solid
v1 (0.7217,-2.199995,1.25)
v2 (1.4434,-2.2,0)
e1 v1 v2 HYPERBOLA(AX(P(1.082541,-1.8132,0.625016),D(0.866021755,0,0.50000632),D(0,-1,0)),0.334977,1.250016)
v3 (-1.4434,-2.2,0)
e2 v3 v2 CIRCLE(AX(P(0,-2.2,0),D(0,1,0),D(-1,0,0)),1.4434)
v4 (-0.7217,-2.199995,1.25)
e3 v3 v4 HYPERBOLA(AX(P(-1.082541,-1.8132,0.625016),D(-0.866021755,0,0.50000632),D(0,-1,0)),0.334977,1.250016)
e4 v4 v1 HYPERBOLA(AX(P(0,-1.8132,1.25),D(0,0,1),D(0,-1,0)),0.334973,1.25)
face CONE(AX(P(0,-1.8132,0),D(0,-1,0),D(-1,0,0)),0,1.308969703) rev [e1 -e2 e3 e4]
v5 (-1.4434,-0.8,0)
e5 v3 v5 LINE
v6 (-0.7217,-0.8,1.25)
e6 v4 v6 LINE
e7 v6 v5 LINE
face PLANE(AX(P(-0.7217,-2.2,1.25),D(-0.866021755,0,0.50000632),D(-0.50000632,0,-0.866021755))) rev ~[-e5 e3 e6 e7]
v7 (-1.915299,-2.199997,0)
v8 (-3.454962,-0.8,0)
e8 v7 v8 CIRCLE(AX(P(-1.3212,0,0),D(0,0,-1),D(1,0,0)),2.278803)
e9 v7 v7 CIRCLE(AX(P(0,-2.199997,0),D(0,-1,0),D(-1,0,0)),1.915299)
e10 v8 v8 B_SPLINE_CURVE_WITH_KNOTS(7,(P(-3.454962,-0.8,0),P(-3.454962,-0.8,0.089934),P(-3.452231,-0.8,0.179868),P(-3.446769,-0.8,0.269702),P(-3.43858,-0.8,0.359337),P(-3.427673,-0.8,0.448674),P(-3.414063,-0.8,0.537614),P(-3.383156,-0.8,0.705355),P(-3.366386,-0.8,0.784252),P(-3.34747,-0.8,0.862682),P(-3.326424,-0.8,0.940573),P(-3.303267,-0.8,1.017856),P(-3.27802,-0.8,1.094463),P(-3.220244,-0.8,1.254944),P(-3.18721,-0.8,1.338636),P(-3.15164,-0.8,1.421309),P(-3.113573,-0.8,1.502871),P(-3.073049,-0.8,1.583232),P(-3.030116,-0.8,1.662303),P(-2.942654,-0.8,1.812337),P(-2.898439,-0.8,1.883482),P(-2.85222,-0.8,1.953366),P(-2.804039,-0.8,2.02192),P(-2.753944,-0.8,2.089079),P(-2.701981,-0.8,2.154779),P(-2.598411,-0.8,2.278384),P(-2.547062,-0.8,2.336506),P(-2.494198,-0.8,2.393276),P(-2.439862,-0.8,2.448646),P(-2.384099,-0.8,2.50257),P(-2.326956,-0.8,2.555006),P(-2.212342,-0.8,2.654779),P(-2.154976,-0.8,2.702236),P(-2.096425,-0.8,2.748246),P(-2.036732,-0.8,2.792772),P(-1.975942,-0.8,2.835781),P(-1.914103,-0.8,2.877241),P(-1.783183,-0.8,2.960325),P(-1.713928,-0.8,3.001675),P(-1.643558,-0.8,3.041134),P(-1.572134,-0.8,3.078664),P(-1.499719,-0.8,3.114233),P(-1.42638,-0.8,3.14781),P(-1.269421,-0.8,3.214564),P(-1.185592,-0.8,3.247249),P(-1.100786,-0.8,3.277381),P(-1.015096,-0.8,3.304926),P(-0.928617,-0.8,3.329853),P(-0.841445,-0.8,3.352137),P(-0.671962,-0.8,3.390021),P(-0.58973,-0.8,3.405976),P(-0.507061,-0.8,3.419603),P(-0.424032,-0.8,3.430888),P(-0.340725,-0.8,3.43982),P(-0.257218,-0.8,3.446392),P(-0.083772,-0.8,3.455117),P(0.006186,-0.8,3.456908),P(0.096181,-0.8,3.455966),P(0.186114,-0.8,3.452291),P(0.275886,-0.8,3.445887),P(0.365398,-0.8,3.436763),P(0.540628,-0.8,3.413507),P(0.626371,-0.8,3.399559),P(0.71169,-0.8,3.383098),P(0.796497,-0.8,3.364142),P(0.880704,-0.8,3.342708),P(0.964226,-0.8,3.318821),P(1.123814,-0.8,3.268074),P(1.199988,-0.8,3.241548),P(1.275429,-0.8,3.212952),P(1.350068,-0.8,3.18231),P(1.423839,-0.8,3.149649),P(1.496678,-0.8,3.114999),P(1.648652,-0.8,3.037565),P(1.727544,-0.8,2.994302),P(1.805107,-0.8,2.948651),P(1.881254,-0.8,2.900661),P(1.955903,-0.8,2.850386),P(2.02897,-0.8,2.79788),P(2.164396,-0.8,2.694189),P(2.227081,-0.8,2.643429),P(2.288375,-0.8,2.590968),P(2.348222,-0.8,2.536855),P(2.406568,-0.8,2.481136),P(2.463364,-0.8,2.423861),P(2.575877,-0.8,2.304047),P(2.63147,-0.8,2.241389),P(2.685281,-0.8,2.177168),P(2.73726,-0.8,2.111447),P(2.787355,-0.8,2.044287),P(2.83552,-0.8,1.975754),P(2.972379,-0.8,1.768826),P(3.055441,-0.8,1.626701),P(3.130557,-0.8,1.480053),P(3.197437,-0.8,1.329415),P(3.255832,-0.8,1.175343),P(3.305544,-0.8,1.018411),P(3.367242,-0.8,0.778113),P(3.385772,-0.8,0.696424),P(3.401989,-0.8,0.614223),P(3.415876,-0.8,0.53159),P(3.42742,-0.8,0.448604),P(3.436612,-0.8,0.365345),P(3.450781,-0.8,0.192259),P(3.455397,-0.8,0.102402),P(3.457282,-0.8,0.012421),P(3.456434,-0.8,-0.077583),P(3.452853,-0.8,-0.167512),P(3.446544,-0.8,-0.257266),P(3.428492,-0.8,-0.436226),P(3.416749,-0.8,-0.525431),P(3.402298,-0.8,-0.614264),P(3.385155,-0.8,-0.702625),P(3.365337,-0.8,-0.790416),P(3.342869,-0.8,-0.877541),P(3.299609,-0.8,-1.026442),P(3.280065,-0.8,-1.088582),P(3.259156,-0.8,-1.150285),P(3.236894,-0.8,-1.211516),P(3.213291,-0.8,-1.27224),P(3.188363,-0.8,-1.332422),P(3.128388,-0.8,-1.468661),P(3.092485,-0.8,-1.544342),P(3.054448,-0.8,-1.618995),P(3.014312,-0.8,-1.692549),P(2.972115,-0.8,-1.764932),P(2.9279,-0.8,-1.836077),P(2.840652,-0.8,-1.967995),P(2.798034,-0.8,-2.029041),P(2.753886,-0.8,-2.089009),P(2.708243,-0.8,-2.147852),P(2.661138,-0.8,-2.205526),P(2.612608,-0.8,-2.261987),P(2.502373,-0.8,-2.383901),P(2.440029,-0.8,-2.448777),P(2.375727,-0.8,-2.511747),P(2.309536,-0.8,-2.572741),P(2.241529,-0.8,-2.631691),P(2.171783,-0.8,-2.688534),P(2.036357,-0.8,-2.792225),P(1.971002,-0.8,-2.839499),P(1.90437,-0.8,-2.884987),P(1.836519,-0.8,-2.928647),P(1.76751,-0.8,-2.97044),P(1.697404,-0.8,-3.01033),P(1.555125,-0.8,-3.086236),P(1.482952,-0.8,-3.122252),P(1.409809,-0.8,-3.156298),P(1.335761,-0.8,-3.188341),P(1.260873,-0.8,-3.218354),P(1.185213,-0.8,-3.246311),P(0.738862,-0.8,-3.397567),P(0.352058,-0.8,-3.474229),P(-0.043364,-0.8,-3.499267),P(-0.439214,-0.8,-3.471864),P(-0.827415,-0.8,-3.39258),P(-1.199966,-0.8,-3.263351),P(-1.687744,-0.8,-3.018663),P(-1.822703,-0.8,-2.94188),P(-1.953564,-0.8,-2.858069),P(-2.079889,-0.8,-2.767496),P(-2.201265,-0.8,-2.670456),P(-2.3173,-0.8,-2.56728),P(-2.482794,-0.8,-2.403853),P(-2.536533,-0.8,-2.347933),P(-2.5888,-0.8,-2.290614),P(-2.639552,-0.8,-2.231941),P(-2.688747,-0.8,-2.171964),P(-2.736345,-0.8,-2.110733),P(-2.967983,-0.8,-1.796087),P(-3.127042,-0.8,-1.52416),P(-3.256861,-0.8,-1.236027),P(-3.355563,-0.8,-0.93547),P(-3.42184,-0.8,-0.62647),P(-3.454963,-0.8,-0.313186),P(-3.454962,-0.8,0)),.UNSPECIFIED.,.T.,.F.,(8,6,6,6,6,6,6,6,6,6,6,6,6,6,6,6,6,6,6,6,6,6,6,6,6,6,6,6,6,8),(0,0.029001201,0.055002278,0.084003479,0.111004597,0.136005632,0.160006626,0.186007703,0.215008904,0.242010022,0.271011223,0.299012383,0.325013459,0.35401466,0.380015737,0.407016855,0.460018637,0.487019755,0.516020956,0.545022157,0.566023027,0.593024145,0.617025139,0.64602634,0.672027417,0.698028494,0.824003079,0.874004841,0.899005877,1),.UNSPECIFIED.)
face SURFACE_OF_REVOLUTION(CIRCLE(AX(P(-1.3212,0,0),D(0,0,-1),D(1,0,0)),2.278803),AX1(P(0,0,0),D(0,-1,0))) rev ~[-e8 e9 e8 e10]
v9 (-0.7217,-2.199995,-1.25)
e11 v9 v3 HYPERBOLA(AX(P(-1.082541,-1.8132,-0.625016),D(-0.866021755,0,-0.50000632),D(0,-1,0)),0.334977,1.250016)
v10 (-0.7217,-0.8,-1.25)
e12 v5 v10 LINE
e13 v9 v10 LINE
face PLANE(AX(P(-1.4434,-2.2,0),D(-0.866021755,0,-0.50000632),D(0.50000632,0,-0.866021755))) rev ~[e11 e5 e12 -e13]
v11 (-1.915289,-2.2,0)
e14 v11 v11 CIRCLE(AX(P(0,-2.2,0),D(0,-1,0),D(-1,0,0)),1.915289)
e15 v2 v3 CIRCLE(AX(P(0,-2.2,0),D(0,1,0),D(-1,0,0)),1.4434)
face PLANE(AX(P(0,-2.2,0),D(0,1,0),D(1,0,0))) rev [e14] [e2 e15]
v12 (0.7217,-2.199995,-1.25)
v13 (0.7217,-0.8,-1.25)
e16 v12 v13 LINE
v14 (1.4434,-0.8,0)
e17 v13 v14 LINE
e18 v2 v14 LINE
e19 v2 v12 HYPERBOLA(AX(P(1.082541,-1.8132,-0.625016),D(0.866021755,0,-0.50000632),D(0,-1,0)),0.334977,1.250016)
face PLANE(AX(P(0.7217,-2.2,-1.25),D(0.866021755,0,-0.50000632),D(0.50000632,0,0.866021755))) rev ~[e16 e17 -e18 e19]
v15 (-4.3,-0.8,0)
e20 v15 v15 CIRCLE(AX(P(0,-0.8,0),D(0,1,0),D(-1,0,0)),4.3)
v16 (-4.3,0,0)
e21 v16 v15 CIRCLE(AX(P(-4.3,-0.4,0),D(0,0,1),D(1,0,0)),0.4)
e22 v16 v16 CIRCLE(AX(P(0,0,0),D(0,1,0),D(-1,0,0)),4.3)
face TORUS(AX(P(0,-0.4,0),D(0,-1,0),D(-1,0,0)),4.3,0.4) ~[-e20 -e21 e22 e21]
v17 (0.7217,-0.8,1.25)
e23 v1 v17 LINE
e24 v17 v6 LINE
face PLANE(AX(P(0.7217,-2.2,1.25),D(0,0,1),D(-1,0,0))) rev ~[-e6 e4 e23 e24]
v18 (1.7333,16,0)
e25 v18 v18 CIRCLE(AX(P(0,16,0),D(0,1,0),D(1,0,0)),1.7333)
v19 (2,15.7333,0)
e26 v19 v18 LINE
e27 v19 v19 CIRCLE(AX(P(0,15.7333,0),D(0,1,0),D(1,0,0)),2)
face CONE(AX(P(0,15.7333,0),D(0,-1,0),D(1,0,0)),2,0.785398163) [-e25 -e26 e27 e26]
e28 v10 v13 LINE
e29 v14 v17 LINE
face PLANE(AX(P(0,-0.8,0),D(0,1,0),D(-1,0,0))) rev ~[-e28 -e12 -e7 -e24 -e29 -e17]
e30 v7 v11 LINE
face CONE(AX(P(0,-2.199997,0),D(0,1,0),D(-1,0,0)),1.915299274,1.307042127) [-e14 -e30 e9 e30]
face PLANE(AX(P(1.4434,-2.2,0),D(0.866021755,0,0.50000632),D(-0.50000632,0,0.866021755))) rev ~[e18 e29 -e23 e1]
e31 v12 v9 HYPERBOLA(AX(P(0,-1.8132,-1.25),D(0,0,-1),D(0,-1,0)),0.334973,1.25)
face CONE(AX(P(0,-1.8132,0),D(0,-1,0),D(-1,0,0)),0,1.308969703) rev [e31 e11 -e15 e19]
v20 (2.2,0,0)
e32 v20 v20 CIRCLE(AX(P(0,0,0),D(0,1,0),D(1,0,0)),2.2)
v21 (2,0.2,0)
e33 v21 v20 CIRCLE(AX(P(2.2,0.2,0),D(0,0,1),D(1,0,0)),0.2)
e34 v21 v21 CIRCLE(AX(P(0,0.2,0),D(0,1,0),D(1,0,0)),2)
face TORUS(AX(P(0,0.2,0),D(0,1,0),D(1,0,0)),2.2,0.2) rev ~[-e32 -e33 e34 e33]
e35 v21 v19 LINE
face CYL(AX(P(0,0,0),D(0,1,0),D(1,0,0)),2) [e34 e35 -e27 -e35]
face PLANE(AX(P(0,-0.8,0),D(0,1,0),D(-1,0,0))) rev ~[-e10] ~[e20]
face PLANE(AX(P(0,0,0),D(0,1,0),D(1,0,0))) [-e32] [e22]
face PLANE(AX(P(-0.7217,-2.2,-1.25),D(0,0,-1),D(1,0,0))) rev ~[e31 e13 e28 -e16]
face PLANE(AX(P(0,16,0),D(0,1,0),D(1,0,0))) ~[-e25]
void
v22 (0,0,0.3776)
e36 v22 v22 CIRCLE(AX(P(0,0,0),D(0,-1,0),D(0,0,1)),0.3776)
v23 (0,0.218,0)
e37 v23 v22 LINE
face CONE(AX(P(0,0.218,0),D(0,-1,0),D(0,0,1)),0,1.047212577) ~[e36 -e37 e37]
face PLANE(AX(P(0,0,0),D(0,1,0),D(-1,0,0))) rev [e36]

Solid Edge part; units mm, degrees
sketch "Sketch1" plane through (0, 0, 0) normal (0, 0, 1) x (1, 0, 0)
  line L0 (2, 0) -> (2, 16)
  line L1 (0, 16) -> (2, 16)
  line L2 (0, 0) -> (0, 16)
  line L3 (0, 0) -> (0, -2.2)
  line L4 (0, -2.2) -> (3.6, -2.2)
  line L5 (3.6, -2.2) -> (3.6, 0)
  line L6 (3.6, 0) -> (2, 0)
revolve "RevolvedProtrusion1" add sketch "Sketch1" angle 360 about axis through (0, 0, 0) along (0, 1, 0)
sketch "Sketch2" plane through (0, 0, 0) normal (1, 0, 0) x (0, 1, 0)
  line L0 (-2.2, 1.9365) -> (-0.9, 1.9365)
  line L1 (0.218, 0) -> (-0.9, 1.9365)
  line L2 (-2.2, 0) -> (0.218, 0)
  line L3 (-2.2, 0) -> (-2.2, 1.9365)
revolve "RevolvedCutout1" cut sketch "Sketch2" angle 360 about axis through (0, -4.5, 0) along (0, 1, 0)
sketch "Sketch3" plane through (0, -2.2, 0) normal (0, -1, 0) x (0, 0, 1)
  circle A0 centre (0, 0) radius 1.9365
  line L0 (-1.25, -0.7217) -> (0, -1.4434)
  line L1 (0, -1.4434) -> (1.25, -0.7217)
  line L2 (1.25, -0.7217) -> (1.25, 0.7217)
  line L3 (1.25, 0.7217) -> (0, 1.4434)
  line L4 (0, 1.4434) -> (-1.25, 0.7217)
  line L5 (-1.25, 0.7217) -> (-1.25, -0.7217)
  dimension "D1" = 2.5
extrude "Protrusion1" add sketch "Sketch3" against normal up to next
sketch "Sketch4" plane through (0, 0, 0) normal (0, 0, 1) x (1, 0, 0)
  line L0 (-1.4434, -2.2) -> (0, -2.2)
  line L1 (0, -2.2) -> (0, -1.8132)
  line L2 (0, -1.8132) -> (-1.4434, -2.2)
revolve "RevolvedCutout2" cut sketch "Sketch4" angle 360 about axis through (0, -4.5, 0) along (0, 1, 0)
fillet "Round1" radius 0.2 1 edges at (0, 0, -2)
chamfer "倒斜角_2" distance 0.2667 angle 45 1 edges at (0, 16, -2)
cosmetic_thread "螺纹_3" size "M4" thread depth 15.5333
sketch "Sketch5" plane through (0, 0, 0) normal (0, 0, 1) x (1, 0, 0)
  arc A0 (-1.9153, -2.2) -> (-3.6, 0) centre (-1.3212, 0) cw
revolve "RevolvedCutout3" cut sketch "Sketch5" angle 360 about axis through (0, 0, 0) along (0, -1, 0) material side at (-3.1701, -1.4159, 0)
sketch "Sketch6" plane through (0, 0, 0) normal (0, 0, 1) x (1, 0, 0)
  arc A0 (-4.3, 0) -> (-4.3, -0.8) centre (-4.3, -0.4) ccw
  line L0 (-4.3, -0.8) -> (0, -0.8)
  line L1 (0, -0.8) -> (0, 0)
  line L2 (0, 0) -> (-4.3, 0)
revolve "RevolvedProtrusion2" add sketch "Sketch6" angle 360 about axis through (0, -0.7, 0) along (0, 1, 0)
properties part number "N2611-0316" material "铝 1060"
